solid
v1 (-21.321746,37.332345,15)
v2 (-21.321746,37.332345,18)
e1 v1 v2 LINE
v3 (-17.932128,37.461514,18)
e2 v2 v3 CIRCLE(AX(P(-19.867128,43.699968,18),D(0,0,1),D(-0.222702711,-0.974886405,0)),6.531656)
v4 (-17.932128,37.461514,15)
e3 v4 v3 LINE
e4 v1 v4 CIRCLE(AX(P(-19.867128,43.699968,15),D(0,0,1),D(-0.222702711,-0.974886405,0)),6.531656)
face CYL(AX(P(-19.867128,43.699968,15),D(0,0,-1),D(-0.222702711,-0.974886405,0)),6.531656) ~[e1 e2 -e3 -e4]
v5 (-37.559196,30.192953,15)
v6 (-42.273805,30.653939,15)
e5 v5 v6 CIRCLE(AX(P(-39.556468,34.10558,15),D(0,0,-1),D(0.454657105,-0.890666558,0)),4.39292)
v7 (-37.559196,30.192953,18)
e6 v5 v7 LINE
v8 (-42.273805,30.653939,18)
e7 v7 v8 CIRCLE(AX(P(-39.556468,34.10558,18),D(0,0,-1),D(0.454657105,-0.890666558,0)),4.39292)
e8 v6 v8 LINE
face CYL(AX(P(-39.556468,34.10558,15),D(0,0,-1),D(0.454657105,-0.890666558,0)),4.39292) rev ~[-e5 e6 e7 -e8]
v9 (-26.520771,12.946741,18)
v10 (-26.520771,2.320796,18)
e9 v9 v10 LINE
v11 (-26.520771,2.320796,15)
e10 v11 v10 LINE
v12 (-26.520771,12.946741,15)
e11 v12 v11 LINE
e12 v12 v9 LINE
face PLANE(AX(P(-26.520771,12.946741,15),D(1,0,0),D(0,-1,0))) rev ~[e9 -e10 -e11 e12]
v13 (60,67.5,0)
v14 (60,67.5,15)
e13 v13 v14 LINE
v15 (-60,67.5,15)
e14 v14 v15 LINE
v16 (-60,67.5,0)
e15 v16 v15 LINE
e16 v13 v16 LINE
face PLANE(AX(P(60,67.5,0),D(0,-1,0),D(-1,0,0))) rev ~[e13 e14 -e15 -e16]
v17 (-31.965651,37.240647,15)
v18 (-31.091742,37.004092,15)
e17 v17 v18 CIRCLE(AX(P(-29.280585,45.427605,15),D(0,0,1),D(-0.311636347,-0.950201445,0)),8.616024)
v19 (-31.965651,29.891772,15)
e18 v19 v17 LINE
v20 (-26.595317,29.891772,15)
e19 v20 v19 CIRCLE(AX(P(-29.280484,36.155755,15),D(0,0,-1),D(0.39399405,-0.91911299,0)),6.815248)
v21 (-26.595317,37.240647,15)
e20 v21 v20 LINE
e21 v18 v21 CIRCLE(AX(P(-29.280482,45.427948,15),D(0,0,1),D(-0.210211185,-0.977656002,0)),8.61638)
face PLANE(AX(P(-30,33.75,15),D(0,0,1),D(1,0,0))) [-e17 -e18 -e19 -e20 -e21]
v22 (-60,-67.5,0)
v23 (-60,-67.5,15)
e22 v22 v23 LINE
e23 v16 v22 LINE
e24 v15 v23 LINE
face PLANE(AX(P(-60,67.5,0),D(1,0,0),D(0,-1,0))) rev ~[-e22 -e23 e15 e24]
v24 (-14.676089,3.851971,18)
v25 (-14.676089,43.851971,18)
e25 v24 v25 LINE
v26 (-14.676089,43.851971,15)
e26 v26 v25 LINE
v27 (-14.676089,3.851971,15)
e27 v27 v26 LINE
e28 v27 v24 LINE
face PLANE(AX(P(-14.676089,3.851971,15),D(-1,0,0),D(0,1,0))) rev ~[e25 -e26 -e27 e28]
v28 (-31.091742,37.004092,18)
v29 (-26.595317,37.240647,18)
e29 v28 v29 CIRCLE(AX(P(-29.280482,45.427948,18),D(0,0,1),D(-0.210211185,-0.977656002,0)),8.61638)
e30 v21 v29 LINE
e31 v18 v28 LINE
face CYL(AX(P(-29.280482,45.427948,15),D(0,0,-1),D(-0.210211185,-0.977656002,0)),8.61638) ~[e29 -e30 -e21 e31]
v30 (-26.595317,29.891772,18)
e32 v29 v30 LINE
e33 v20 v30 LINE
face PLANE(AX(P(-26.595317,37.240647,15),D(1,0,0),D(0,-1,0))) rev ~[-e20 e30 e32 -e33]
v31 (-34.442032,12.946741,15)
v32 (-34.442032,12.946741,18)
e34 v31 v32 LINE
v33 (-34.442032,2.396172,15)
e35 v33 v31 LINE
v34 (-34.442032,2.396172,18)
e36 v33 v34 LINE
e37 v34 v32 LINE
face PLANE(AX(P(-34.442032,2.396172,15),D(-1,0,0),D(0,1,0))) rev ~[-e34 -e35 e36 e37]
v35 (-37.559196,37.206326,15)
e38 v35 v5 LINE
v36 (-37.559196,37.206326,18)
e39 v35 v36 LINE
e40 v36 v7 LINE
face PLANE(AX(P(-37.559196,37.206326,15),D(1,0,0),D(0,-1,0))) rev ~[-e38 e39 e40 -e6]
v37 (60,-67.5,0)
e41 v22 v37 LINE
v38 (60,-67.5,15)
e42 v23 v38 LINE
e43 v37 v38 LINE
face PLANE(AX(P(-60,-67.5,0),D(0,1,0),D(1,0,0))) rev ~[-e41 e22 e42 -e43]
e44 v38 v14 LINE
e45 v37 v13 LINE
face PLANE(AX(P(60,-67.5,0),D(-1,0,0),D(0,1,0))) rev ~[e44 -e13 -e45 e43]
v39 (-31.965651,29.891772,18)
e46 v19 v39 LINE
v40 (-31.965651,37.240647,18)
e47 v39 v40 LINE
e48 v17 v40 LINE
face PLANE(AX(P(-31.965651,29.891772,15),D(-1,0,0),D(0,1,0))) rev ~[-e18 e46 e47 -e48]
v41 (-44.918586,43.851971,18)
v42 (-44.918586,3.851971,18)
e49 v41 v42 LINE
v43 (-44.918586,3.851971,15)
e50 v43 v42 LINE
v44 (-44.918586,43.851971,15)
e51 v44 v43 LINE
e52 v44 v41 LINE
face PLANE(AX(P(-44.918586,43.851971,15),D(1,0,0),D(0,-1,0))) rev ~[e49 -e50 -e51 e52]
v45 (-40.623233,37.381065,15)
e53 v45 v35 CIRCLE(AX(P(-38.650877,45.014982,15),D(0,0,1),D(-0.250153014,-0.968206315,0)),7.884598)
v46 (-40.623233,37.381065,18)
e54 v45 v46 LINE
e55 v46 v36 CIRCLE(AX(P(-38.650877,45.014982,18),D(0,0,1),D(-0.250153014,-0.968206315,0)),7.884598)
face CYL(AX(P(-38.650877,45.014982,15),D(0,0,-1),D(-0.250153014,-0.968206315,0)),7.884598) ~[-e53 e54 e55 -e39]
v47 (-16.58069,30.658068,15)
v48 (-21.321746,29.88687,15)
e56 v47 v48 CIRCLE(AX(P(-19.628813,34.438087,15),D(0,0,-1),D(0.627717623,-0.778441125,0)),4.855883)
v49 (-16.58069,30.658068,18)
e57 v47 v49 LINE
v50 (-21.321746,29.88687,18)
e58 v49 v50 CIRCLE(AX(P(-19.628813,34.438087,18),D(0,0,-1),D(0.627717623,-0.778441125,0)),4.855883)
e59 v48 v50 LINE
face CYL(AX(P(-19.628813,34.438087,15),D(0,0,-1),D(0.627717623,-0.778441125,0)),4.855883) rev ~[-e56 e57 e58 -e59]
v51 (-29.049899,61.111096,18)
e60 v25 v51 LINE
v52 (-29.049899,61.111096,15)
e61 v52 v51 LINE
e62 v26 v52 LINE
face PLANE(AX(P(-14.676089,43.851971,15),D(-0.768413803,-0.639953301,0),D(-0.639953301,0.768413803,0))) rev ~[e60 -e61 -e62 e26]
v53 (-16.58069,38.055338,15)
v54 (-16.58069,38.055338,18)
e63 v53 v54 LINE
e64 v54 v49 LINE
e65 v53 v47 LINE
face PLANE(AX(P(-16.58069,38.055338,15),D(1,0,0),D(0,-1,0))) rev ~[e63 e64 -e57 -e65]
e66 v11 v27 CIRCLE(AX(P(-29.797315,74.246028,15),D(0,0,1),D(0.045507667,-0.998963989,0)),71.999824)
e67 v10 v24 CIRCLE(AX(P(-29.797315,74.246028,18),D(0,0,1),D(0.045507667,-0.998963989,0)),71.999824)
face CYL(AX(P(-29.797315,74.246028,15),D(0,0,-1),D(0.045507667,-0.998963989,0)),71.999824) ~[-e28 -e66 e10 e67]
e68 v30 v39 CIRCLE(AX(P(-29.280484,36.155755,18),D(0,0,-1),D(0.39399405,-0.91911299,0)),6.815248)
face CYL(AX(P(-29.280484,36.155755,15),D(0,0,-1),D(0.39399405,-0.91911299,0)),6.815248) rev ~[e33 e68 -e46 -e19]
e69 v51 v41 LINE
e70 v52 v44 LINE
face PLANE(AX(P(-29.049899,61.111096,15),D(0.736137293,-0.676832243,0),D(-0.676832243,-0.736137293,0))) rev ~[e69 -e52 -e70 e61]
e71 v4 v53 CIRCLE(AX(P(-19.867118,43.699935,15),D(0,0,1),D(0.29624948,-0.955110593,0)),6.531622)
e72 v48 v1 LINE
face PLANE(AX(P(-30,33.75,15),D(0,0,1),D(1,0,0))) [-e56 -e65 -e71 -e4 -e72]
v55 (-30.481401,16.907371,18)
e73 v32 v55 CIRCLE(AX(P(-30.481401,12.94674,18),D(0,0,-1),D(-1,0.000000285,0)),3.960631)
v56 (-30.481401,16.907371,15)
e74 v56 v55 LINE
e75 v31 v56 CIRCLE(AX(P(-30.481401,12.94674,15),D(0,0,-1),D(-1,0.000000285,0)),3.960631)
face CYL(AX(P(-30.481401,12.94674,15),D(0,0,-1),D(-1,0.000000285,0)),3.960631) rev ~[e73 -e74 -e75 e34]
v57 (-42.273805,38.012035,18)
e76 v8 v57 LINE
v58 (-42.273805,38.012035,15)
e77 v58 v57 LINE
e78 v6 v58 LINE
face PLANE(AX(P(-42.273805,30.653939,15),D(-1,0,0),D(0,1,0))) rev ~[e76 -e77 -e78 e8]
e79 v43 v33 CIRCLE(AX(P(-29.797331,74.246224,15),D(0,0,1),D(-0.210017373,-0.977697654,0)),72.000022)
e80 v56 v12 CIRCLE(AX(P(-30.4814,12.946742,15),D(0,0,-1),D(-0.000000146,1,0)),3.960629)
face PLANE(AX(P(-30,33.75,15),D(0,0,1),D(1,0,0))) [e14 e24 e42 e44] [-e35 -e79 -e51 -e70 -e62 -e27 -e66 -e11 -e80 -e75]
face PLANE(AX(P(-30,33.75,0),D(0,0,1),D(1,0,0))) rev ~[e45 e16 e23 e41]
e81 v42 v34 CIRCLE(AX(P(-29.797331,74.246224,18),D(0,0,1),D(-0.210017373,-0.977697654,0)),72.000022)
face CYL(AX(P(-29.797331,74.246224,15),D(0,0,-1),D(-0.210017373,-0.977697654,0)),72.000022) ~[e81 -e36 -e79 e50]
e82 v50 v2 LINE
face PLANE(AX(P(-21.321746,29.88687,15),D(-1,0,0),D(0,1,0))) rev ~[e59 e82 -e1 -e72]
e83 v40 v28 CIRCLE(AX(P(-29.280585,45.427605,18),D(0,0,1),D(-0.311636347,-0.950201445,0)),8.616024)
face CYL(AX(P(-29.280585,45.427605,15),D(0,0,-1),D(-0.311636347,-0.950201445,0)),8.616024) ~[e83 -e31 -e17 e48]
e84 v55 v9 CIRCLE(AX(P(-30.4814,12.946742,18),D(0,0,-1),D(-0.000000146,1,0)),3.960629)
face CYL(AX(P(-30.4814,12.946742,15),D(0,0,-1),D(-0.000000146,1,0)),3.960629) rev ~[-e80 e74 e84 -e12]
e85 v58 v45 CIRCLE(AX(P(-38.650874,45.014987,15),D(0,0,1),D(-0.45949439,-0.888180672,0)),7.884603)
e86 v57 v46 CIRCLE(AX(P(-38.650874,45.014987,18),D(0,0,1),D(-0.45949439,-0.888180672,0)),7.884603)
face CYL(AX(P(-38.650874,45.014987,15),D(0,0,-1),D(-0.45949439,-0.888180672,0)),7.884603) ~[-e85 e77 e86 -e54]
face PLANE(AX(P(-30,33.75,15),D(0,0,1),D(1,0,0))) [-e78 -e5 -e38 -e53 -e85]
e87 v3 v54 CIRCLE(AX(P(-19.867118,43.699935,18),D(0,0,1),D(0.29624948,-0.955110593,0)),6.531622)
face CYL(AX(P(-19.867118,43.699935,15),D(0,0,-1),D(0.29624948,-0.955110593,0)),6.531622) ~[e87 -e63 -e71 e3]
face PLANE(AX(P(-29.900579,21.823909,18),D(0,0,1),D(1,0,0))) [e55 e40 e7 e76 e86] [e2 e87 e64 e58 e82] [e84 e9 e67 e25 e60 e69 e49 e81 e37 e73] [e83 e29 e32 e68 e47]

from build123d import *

# Parameters (mm, degrees)
F0_W     = 60
F0_H     = 67.5
F1_DEPTH = 15
F3_DEPTH = 3


with BuildPart() as f1:
    # F0 (on Top) → F1 (new body)
    with BuildSketch(Plane.XY):
        with Locations((-30, 33.75)):
            Rectangle(F0_W, F0_H)
        Polygon((60, 67.5), (0, 67.5), (0, 0), (5.978101, 0), (60, 0), align=None)
        with Locations((-30, -33.75)):
            Rectangle(F0_W, F0_H)
        Polygon((5.978101, 0), (0, 0), (0, -67.5), (60, -67.5), (60, 0), align=None)
    extrude(amount=F1_DEPTH)

    # F2 (on face) → F3 (join)
    with BuildSketch(Plane.XY.offset(15)):
        with BuildLine():
            Line((-44.918586, 43.851971), (-44.918586, 3.851971))
            ThreePointArc((-44.918586, 3.851971), (-39.707078, 2.931428), (-34.442032, 2.396172))
            Line((-34.442032, 2.396172), (-34.442032, 12.946741))
            ThreePointArc((-34.442032, 12.946741), (-33.28199, 15.747329), (-30.481401, 16.907371))
            ThreePointArc((-30.481401, 16.907371), (-27.680812, 15.747329), (-26.520771, 12.946741))
            Line((-26.520771, 12.946741), (-26.520771, 4.093357))
            Line((-26.520771, 4.093357), (-26.520771, 2.320796))
            ThreePointArc((-26.520771, 2.320796), (-20.566627, 2.840362), (-14.676089, 3.851971))
            Line((-14.676089, 3.851971), (-14.676089, 43.851971))
            ThreePointArc((-14.676089, 43.851971), (-29.797337, 42.246202), (-44.918586, 43.851971))
        make_face()
        with BuildLine():
            Line((-31.965651, 29.891772), (-31.965651, 37.240647))
            ThreePointArc((-31.965651, 37.240647), (-31.531806, 37.110883), (-31.091742, 37.004092))
            ThreePointArc((-31.091742, 37.004092), (-28.827804, 36.823467), (-26.595317, 37.240647))
            Line((-26.595317, 37.240647), (-26.595317, 30.761665))
            Line((-26.595317, 30.761665), (-26.595317, 29.891772))
            ThreePointArc((-26.595317, 29.891772), (-29.280484, 29.340507), (-31.965651, 29.891772))
        make_face(mode=Mode.SUBTRACT)
        with BuildLine():
            Line((-42.273805, 30.653939), (-42.273805, 38.012035))
            ThreePointArc((-42.273805, 38.012035), (-41.466251, 37.650164), (-40.623233, 37.381065))
            ThreePointArc((-40.623233, 37.381065), (-39.099799, 37.143175), (-37.559196, 37.206326))
            Line((-37.559196, 37.206326), (-37.559196, 31.443004))
            Line((-37.559196, 31.443004), (-37.559196, 30.192953))
            ThreePointArc((-37.559196, 30.192953), (-39.983961, 29.73351), (-42.273805, 30.653939))
        make_face(mode=Mode.SUBTRACT)
        with BuildLine():
            ThreePointArc((-17.932128, 37.461514), (-17.23958, 37.720125), (-16.58069, 38.055338))
            Line((-16.58069, 38.055338), (-16.58069, 30.658068))
            ThreePointArc((-16.58069, 30.658068), (-18.849183, 29.645199), (-21.321746, 29.88687))
            Line((-21.321746, 29.88687), (-21.321746, 37.332345))
            ThreePointArc((-21.321746, 37.332345), (-19.618405, 37.173049), (-17.932128, 37.461514))
        make_face(mode=Mode.SUBTRACT)
        with BuildLine():
            Line((-29.049899, 61.111096), (-44.918586, 43.851971))
            ThreePointArc((-44.918586, 43.851971), (-29.797337, 42.246202), (-14.676089, 43.851971))
            Line((-14.676089, 43.851971), (-29.049899, 61.111096))
        make_face()
    extrude(amount=F3_DEPTH)


solid = f1.part
